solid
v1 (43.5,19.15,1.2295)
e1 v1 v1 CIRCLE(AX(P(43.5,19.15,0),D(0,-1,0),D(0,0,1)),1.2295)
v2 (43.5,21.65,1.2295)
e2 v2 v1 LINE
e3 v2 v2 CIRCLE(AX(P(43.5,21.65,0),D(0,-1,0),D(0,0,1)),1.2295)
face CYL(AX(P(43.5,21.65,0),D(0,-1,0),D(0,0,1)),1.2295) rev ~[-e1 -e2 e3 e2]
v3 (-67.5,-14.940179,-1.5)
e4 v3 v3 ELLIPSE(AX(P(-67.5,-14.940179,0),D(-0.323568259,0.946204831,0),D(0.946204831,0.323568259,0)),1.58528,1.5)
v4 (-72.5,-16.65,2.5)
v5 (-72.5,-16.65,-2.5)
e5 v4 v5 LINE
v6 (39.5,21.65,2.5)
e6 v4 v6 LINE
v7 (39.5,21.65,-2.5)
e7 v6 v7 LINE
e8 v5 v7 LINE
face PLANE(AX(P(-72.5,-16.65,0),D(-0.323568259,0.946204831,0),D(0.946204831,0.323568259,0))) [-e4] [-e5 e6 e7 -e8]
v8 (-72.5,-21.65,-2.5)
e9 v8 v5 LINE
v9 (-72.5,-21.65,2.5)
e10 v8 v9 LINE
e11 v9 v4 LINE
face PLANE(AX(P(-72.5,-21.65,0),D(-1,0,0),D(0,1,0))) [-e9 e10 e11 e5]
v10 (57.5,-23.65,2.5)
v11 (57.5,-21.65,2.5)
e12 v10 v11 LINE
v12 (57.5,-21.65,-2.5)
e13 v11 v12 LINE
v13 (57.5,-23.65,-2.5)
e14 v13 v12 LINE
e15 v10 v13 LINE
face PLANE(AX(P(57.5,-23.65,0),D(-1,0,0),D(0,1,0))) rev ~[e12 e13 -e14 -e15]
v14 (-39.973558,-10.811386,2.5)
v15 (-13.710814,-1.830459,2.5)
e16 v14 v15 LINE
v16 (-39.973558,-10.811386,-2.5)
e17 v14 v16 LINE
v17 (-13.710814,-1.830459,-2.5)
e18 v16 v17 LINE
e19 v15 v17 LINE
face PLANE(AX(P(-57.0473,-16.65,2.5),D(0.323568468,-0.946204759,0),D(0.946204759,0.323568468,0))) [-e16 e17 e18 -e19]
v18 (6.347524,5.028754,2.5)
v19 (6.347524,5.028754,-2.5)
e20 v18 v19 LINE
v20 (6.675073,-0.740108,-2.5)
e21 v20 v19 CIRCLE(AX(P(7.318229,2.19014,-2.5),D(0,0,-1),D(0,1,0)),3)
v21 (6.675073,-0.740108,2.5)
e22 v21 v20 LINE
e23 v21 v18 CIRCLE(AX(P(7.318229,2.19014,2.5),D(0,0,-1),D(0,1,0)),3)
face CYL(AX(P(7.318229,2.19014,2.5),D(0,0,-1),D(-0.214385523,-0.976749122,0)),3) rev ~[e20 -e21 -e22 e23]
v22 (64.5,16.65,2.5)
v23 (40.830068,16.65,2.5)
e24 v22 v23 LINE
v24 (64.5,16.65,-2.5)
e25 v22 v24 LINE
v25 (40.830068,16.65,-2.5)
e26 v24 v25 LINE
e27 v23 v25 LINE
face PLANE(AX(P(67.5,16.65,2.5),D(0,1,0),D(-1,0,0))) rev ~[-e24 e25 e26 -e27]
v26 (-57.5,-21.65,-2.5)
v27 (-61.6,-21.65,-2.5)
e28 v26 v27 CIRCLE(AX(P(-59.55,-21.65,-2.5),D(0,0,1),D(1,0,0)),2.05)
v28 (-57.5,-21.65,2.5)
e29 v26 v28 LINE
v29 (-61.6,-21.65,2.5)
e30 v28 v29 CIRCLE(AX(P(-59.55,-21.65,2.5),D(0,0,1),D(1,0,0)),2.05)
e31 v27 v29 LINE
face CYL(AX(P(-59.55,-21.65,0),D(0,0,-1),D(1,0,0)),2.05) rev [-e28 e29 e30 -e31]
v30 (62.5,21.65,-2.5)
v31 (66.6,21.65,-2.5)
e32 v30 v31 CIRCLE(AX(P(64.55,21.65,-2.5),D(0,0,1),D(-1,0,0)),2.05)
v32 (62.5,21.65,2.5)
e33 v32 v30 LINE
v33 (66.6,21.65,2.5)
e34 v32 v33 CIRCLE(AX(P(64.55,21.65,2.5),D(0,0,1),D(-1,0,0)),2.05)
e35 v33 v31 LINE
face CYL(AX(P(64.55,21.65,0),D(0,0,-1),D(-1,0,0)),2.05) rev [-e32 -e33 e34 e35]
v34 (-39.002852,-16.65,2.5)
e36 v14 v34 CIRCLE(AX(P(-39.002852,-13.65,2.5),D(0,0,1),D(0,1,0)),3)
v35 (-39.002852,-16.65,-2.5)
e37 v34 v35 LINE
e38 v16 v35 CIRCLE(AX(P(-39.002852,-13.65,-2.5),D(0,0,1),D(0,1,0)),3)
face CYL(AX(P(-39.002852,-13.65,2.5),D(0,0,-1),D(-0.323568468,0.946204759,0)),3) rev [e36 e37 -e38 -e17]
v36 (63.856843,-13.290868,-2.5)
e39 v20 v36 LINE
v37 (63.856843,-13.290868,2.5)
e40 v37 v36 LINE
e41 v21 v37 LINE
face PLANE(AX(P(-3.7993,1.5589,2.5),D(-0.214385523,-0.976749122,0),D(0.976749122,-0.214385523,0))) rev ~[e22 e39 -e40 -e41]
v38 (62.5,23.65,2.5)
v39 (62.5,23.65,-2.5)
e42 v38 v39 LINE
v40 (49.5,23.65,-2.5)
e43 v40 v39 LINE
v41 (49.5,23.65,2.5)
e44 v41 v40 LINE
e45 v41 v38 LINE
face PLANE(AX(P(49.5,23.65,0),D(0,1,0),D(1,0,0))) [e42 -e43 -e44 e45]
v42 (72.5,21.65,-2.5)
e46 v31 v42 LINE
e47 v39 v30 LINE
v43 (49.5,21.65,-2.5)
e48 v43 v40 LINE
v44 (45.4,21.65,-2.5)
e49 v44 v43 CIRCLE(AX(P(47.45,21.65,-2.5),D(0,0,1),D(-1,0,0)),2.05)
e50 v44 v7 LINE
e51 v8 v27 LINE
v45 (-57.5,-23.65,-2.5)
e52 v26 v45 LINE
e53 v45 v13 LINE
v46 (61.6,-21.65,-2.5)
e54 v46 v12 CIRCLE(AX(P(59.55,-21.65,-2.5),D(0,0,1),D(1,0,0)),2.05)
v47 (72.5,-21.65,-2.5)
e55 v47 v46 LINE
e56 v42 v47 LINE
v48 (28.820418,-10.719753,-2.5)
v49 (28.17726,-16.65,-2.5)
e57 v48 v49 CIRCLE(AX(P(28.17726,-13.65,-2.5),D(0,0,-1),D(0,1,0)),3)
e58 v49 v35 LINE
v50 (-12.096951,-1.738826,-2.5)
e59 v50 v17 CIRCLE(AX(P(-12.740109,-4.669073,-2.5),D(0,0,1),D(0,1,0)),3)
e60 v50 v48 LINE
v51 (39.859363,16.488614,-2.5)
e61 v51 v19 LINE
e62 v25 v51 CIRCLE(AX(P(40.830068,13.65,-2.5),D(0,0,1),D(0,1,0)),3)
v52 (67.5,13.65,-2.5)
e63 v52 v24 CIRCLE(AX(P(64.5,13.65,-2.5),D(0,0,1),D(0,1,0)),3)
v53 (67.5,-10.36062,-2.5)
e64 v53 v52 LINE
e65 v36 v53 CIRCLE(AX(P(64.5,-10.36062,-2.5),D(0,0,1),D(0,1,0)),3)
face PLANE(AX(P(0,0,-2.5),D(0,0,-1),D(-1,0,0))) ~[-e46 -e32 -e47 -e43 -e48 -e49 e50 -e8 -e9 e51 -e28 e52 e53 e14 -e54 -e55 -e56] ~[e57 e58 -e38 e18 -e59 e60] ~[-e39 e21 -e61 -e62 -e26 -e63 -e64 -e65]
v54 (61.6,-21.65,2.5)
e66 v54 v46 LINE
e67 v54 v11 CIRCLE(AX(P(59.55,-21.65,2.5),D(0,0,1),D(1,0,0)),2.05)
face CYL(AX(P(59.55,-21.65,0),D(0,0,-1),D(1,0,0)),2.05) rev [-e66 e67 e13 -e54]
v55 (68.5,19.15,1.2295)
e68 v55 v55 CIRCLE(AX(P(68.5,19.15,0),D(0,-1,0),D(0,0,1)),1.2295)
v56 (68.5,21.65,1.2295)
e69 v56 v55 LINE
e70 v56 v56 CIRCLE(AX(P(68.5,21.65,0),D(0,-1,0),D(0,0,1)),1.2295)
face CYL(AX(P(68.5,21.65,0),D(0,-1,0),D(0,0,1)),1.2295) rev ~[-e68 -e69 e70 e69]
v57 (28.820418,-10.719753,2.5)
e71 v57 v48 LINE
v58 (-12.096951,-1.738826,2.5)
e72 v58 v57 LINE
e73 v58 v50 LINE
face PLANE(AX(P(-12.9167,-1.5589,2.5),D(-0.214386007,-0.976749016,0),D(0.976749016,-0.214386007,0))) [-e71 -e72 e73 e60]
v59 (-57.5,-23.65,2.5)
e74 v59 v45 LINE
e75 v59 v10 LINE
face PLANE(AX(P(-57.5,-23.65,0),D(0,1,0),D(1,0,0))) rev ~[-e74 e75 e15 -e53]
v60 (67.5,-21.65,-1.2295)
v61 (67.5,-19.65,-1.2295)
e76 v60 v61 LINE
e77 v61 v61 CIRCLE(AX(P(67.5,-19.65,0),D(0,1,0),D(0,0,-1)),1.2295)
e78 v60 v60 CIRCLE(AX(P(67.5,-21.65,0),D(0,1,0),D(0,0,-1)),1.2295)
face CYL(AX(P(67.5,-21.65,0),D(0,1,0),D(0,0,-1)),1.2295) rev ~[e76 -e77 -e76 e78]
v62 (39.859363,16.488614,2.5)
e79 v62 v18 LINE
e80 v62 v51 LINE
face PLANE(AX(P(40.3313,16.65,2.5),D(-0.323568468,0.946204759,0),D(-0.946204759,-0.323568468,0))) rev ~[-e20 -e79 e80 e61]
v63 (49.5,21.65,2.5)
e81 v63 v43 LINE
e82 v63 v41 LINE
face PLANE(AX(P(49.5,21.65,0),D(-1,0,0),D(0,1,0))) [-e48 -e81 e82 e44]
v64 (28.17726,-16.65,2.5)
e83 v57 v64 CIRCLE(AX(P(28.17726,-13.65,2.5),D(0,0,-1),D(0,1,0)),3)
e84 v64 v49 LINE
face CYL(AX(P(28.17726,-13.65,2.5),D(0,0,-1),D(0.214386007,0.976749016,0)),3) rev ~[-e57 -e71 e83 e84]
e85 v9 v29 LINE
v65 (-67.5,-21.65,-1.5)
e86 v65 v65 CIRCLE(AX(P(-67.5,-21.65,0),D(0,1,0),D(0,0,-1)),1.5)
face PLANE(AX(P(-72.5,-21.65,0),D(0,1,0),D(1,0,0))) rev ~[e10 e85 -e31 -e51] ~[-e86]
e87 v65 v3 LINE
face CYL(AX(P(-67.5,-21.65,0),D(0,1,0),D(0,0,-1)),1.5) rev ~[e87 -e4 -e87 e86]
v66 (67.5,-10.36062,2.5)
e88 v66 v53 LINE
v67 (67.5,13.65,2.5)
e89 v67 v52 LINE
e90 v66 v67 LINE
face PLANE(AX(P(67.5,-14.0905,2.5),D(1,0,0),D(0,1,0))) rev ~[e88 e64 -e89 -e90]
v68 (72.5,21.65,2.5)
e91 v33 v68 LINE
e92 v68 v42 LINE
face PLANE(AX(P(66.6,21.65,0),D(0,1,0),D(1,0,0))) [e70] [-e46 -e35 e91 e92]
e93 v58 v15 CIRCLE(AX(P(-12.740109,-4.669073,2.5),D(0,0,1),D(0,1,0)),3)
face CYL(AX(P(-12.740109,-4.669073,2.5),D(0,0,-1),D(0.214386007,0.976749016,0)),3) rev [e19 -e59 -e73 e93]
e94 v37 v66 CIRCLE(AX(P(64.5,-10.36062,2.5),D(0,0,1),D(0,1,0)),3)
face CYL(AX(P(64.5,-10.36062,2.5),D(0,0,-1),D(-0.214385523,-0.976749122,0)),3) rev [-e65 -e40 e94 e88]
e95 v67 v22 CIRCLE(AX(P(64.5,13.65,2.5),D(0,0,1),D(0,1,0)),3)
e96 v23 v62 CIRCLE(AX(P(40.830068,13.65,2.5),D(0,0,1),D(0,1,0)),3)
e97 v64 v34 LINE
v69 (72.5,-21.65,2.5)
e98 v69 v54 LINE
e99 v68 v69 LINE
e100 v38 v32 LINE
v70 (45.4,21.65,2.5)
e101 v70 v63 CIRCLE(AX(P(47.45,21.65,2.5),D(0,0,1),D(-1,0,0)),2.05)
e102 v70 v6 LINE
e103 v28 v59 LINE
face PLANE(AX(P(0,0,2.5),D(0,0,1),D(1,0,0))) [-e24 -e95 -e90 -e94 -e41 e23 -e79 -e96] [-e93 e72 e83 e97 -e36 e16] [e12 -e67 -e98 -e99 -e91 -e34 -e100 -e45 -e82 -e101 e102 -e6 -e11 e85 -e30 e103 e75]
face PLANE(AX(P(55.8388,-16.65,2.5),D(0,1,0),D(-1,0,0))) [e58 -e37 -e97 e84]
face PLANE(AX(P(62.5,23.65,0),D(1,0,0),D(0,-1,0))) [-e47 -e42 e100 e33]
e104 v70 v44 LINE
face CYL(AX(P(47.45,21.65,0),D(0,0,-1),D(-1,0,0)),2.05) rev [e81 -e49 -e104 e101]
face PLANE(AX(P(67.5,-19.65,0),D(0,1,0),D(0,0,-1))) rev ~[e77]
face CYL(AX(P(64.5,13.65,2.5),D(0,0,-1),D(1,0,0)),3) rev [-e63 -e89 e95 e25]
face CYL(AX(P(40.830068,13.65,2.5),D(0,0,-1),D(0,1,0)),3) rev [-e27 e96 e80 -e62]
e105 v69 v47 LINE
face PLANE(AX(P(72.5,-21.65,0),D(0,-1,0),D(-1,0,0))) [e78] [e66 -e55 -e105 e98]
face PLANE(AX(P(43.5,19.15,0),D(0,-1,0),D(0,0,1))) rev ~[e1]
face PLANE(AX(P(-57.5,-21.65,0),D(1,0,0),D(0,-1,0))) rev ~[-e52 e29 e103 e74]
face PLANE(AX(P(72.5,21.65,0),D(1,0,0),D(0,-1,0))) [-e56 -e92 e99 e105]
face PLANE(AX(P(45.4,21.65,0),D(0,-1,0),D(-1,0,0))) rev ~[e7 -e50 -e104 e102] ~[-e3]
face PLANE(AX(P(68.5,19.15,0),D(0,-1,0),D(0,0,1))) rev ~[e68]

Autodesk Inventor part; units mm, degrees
ref_plane "YZ Plane" through (0, 0, 0) normal (1, 0, 0) x (0, 1, 0)
ref_plane "XZ Plane" through (0, 0, 0) normal (0, 1, 0) x (-1, 0, 0)
ref_plane "XY Plane" through (0, 0, 0) normal (0, 0, 1) x (1, 0, 0)
sketch "スケッチ1" plane through (0, 0, 0) normal (0, 0, 1) x (1, 0, 0)
  line L0 (-72.5, -21.65) -> (72.5, -21.65) construction
  line L1 (72.5, -21.65) -> (72.5, 21.65) construction
  line L2 (72.5, 21.65) -> (-72.5, 21.65) construction
  line L3 (-72.5, 21.65) -> (-72.5, -21.65) construction
  line L4 (-72.5, -21.65) -> (72.5, 21.65) construction
  line L5 (72.5, -21.65) -> (-72.5, 21.65) construction
  line L6 (-67.5, 21.65) -> (-67.5, -21.65) construction
  line L7 (0, 0) -> (0, 21.65) construction
  line L8 (0, 0) -> (-72.5, 0) construction
  line L9 (67.5, 21.65) -> (67.5, -21.65) construction
  line L10 (-72.5, -21.65) -> (-61.6, -21.65)
  line L11 (49.5, 21.65) -> (49.5, 23.65)
  line L12 (49.5, 23.65) -> (62.5, 23.65)
  line L13 (62.5, 23.65) -> (62.5, 21.65)
  line L14 (66.6, 21.65) -> (72.5, 21.65)
  line L15 (72.5, 21.65) -> (72.5, -21.65)
  line L16 (72.5, -21.65) -> (61.6, -21.65)
  line L17 (-57.5, -21.65) -> (-57.5, -23.65)
  line L18 (-57.5, -23.65) -> (57.5, -23.65)
  line L19 (57.5, -23.65) -> (57.5, -21.65)
  arc A0 (45.4, 21.65) -> (49.5, 21.65) centre (47.45, 21.65) ccw
  arc A1 (62.5, 21.65) -> (66.6, 21.65) centre (64.55, 21.65) ccw
  arc A2 (-57.5, -21.65) -> (-61.6, -21.65) centre (-59.55, -21.65) ccw
  arc A3 (61.6, -21.65) -> (57.5, -21.65) centre (59.55, -21.65) ccw
  line L20 (-72.5, -21.65) -> (-72.5, -16.65)
  line L21 (-72.5, -16.65) -> (39.5, 21.65)
  line L22 (45.4, 21.65) -> (39.5, 21.65)
  line L23 (66.95, 24.476) -> (70.05, 24.476) construction
  line L24 (70.05, 24.476) -> (70.05, 13.3235) construction
  line L25 (70.05, 13.3235) -> (66.95, 13.3235) construction
  line L26 (66.95, 13.3235) -> (66.95, 24.476) construction
  line L27 (68.5, 24.476) -> (68.5, 13.3235) construction
  line L28 (41.95, 24.476) -> (45.05, 24.476) construction
  line L29 (45.05, 24.476) -> (45.05, 13.9945) construction
  line L30 (45.05, 13.9945) -> (41.95, 13.9945) construction
  line L31 (41.95, 13.9945) -> (41.95, 24.476) construction
  line L32 (43.5, 24.476) -> (43.5, 13.9945) construction
  dimension "d16" = 5
  dimension "d20" = 43.3
  dimension "d40" = 135
  dimension "d41" = 10
  dimension "d42" = 2.05
  dimension "d43" = 2
  dimension "d44" = 5
  dimension "d45" = 10
  dimension "d46" = 10
  dimension "d48" = 3.1
  dimension "d50" = 4
  dimension "d51" = 25
  dimension "d52" = 3.1
  dimension "d62" = 6
  dimension "d63" = 6
extrude "押し出し1" add sketch "スケッチ1" along normal blind 2.5
mirror "ミラー1" about plane through (8.3734, -6.8299, 0) normal (0, 0, -1) of "押し出し1"
sketch "スケッチ2" plane through (-72.5, -21.65, 2.5) normal (0, -1, 0) x (1, 0, 0)
  line L0 (0, -5) -> (0, 0)
  line L1 (15, -5) -> (130, -5) construction
  line L2 (72.5, -5) -> (72.5, 0) construction
  line L3 (15, 0) -> (130, 0) construction
  point P0 (72.5, -2.5)
  point P1 (140, -2.5)
  point P2 (0, -2.5)
hole "穴1" at (67.5, -21.65, 0) direction (0, 1, 0) diameter 2.459 depth 2 thread size "M3x0.5" class "6H" standard "ISO Metric profile"
sketch "スケッチ4" plane through (66.6, 21.65, 2.5) normal (0, 1, 0) x (1, 0, 0)
  line L0 (5.9, 5) -> (5.9, 0) projected
  point P0 (-66.6, 2.5)
  point P1 (1.9, 2.5)
  point P2 (-23.1, 2.5)
  point P3 (5.9, 2.5)
  dimension "d53" = 4
  dimension "d54" = 25
hole "穴2" at (68.5, 21.65, 0) at (43.5, 21.65, 0) direction (0, -1, 0) diameter 2.459 depth 2.5 thread size "M3x0.5" class "6H" standard "ISO Metric profile"
sketch "スケッチ6" plane through (0, 0, 2.5) normal (0, 0, 1) x (1, 0, 0)
  line L0 (61.6, -21.65) -> (72.5, -21.65) projected
  line L1 (72.5, -21.65) -> (72.5, 21.65) projected
  line L2 (72.5, 21.65) -> (66.6, 21.65) projected
  line L3 (39.5, 21.65) -> (-72.5, -16.65) projected
  line L4 (67.5, 16.65) -> (67.5, -16.65) construction
  line L5 (67.5, -16.65) -> (-57.0473, -16.65) construction
  line L6 (-57.0473, -16.65) -> (40.3313, 16.65) construction
  line L7 (40.3313, 16.65) -> (67.5, 16.65) construction
  line L8 (67.5, -16.65) -> (-8.358, 0) construction
  line L9 (67.5, -14.0905) -> (67.5, 16.65)
  line L10 (67.5, 16.65) -> (40.3313, 16.65)
  line L11 (40.3313, 16.65) -> (-3.7993, 1.5589)
  line L12 (-3.7993, 1.5589) -> (67.5, -14.0905)
  line L13 (55.8388, -16.65) -> (-57.0473, -16.65)
  line L14 (-57.0473, -16.65) -> (-12.9167, -1.5589)
  line L15 (-12.9167, -1.5589) -> (55.8388, -16.65)
  point P0 (0, 0)
  dimension "d72" = 5
  dimension "d73" = 5
  dimension "d74" = 5
  dimension "d75" = 5
  dimension "d76" = 5
extrude "押し出し4" cut sketch "スケッチ6" against normal blind 10
fillet "フィレット3" radius 3 7 edges at (-3.7993, 1.5589, 0) (40.3313, 16.65, 0) (67.5, -14.0905, 0) (55.8388, -16.65, 0) (-12.9167, -1.5589, 0) (-57.0473, -16.65, 0) (67.5, 16.65, 0)
sketch "スケッチ7" plane through (-72.5, -21.65, 2.5) normal (0, -1, 0) x (1, 0, 0)
  line L0 (0, 0) -> (0, -5) projected
  line L1 (15, 0) -> (130, 0) projected
  line L2 (15, -5) -> (130, -5) projected
  line L3 (0, -2.5) -> (5, -2.5)
  point P0 (72.5, -2.5)
  dimension "d80" = 5
hole "穴3" at (-67.5, -21.65, 0) direction (0, 1, 0) diameter 3 end through all
equation "\"d16\" = d4"
equation "\"d40\" = d6"
equation "\"d41\" = d3"
equation "\"d46\" = d45"
equation "\"d63\" = d62"
equation "\"d53\" = d50"
equation "\"d54\" = d51"
equation "\"d73\" = d72"
equation "\"d74\" = d73"
equation "\"d75\" = d74"
equation "\"d76\" = d74"
equation "\"d4\" = 5"
equation "\"d6\" = 135"
equation "\"d3\" = 10"
properties part number "前腕_サブフレーム_1_1" material "アセタール樹脂、黒"
